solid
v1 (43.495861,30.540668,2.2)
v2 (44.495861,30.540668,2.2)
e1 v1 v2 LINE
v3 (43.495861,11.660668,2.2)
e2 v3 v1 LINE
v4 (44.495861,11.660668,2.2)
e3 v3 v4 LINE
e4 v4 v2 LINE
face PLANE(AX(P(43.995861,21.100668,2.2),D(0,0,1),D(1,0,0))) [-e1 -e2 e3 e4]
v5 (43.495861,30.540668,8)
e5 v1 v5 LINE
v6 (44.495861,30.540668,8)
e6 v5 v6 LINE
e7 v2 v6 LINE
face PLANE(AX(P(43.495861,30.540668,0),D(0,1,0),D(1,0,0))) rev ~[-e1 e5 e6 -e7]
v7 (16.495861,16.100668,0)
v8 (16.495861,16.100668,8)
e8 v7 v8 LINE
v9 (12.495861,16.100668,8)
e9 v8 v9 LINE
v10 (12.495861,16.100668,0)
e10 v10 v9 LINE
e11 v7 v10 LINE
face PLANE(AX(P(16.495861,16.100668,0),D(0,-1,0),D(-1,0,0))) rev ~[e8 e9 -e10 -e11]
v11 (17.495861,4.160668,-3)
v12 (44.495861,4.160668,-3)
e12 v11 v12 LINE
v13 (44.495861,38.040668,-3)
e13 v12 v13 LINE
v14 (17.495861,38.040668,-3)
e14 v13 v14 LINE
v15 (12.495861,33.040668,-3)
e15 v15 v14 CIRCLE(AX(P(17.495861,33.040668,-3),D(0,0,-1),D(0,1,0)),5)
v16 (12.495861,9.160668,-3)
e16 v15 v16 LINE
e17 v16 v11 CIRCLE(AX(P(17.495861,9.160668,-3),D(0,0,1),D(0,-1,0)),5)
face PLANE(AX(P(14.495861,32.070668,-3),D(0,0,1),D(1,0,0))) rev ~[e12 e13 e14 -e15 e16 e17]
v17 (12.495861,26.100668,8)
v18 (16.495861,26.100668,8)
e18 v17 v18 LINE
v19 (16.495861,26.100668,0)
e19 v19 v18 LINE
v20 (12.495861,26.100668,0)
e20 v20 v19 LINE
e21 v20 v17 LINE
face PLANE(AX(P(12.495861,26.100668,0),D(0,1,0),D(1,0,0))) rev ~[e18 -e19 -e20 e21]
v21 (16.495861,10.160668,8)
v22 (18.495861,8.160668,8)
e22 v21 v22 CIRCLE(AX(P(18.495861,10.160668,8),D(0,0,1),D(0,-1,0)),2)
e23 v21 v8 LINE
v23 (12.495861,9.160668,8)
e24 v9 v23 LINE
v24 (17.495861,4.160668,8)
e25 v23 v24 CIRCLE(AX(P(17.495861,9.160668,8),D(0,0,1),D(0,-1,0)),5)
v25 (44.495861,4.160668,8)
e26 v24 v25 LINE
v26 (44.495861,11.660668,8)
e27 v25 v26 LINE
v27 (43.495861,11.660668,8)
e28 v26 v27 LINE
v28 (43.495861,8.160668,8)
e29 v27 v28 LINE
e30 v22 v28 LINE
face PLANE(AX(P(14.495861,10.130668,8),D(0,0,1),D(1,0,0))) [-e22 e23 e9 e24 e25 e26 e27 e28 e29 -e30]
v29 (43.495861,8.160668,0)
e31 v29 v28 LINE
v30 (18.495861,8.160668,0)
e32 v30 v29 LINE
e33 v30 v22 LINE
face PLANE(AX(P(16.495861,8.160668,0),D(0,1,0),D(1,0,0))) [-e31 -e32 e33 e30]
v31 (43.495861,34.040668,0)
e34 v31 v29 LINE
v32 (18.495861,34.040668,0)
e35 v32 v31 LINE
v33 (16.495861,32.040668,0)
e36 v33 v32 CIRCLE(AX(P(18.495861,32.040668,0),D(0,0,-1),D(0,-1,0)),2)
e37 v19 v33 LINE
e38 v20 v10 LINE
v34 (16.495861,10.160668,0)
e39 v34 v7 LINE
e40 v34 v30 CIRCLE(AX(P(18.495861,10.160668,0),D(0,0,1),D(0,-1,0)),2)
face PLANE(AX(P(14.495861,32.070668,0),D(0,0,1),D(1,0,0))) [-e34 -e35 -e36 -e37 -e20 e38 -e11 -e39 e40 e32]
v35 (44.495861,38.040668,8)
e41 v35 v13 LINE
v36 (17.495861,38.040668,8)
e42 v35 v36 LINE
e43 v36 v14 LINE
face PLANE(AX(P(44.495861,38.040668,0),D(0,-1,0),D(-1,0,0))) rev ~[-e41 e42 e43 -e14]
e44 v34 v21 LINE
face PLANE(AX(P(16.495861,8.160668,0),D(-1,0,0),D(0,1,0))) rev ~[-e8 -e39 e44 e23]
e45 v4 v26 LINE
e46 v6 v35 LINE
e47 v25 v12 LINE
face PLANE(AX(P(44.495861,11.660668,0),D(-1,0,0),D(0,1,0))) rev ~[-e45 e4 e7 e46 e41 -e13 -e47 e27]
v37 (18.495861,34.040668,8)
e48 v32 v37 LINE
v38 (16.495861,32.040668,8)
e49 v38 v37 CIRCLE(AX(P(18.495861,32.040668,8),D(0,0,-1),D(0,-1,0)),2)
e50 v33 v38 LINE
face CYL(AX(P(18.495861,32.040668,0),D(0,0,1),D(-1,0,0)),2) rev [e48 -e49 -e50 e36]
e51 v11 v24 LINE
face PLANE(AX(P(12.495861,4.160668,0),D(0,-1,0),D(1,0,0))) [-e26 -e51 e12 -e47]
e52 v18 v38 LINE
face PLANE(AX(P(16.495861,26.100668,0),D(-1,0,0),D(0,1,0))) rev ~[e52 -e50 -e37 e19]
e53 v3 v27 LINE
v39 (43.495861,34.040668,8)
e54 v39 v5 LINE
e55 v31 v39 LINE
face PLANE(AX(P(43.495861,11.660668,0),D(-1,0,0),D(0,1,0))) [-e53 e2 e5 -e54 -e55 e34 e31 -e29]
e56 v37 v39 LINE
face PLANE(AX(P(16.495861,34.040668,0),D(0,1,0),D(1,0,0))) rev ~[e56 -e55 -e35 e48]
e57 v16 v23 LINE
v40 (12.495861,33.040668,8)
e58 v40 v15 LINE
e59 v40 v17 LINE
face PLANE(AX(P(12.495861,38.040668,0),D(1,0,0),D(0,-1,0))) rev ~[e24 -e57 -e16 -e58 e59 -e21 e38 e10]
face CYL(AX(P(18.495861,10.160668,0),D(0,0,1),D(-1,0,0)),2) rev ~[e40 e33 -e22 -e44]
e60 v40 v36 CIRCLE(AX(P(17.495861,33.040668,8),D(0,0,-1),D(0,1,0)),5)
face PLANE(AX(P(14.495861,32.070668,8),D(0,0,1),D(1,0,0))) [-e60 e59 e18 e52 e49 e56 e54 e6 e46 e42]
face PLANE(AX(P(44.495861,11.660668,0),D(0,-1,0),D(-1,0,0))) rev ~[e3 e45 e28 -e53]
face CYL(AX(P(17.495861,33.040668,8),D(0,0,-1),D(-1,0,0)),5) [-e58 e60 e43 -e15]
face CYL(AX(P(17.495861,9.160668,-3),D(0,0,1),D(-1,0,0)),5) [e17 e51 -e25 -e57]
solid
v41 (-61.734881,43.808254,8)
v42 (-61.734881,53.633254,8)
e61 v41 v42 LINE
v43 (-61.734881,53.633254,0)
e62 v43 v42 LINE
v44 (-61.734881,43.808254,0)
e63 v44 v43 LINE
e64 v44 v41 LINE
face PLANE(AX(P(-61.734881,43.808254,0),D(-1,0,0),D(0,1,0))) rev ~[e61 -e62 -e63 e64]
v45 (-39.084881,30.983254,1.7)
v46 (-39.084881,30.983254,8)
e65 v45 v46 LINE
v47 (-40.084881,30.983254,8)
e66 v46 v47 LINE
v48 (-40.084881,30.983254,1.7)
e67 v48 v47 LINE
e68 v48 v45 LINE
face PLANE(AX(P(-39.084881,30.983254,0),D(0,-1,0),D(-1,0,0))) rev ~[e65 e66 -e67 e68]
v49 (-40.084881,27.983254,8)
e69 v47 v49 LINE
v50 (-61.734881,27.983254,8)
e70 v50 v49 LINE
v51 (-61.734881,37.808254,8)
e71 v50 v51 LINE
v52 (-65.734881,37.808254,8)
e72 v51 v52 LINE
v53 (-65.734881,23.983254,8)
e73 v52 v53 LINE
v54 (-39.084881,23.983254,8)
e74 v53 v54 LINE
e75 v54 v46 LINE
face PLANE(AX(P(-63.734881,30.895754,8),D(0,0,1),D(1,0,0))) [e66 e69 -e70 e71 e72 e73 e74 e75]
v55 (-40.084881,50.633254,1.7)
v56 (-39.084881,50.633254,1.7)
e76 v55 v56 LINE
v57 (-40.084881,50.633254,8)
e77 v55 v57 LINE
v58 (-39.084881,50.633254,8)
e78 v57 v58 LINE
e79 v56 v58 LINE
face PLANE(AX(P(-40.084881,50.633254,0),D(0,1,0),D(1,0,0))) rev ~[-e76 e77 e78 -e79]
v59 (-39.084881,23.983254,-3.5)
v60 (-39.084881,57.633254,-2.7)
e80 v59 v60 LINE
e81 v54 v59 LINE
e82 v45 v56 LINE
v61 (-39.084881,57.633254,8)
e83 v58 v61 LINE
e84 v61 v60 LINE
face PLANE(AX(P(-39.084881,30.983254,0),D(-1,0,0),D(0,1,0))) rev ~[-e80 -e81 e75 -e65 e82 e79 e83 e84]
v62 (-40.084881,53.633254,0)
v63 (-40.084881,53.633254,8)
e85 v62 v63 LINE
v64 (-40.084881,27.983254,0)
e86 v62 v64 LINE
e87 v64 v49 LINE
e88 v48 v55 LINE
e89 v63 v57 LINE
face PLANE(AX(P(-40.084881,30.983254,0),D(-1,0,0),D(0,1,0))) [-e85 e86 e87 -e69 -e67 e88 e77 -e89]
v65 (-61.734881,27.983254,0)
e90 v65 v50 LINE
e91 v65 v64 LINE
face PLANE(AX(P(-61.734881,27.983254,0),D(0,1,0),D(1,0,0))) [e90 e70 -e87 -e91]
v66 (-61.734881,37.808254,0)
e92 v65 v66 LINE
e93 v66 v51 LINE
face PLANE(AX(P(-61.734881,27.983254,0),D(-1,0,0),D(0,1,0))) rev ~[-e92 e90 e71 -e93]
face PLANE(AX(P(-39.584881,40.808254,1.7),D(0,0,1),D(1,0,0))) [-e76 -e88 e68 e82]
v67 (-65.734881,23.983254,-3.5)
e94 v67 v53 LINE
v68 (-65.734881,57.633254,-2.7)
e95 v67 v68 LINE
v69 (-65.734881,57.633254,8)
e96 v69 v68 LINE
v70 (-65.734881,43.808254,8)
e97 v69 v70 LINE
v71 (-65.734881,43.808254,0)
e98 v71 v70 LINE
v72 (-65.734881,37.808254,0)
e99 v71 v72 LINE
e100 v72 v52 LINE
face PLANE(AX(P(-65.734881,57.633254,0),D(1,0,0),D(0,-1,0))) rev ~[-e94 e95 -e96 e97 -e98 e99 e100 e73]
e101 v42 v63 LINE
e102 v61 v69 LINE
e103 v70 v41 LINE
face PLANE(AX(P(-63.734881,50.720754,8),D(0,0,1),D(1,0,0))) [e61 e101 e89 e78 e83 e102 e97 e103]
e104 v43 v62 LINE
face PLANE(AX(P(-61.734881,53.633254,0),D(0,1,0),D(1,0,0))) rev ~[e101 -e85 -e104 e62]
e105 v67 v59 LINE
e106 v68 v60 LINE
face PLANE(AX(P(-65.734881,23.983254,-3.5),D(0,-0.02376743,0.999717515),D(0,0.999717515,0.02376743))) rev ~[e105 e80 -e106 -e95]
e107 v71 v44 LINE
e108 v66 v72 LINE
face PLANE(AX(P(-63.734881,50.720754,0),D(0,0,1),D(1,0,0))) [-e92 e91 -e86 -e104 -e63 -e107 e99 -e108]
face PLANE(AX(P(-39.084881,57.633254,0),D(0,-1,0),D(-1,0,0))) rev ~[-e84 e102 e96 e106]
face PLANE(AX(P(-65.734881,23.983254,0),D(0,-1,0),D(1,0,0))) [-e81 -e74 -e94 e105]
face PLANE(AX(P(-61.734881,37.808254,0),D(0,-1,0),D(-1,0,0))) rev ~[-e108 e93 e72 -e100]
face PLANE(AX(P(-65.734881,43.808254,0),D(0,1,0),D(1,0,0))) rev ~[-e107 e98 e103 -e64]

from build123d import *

# Parameters (mm, degrees)
F0_W     = 21.65
F0_H     = 4
F0_W_2   = 1
F0_H_2   = 19.65
F1_DEPTH = 6
F2_DEPTH = 8
F3_DEPTH = 1.7
F5_DEPTH = 26.65
F0_W_3   = 27
F0_H_3   = 18.88
F6_DEPTH = 3
F7_DEPTH = 8
F8_DEPTH = 2.2
F9_R     = 2
F10_R    = 5


with BuildPart() as f1:
    # F0 (on Top) → F1 (new body)
    with BuildSketch(Plane.XY):
        Polygon((-65.734881, 57.633254), (-65.734881, 43.808254), (-61.734881, 43.808254), (-61.734881, 53.633254), (-61.734881, 57.633254), align=None)
        with Locations((-50.909881, 55.633254)):
            Rectangle(F0_W, F0_H)
        Polygon((-61.734881, 43.808254), (-65.734881, 43.808254), (-65.734881, 37.808254), (-61.734881, 37.808254), (-61.734881, 27.983254), (-40.084881, 27.983254), (-40.084881, 30.983254), (-40.084881, 50.633254), (-40.084881, 53.633254), (-61.734881, 53.633254), align=None)
        Polygon((-61.734881, 37.808254), (-65.734881, 37.808254), (-65.734881, 23.983254), (-61.734881, 23.983254), (-61.734881, 27.983254), align=None)
        with Locations((-50.909881, 25.983254)):
            Rectangle(F0_W, F0_H)
        Polygon((-40.084881, 30.983254), (-40.084881, 27.983254), (-40.084881, 23.983254), (-39.084881, 23.983254), (-39.084881, 30.983254), align=None)
        with Locations((-39.584881, 40.808254)):
            Rectangle(F0_W_2, F0_H_2)
        Polygon((-40.084881, 57.633254), (-40.084881, 53.633254), (-40.084881, 50.633254), (-39.084881, 50.633254), (-39.084881, 57.633254), align=None)
    extrude(amount=-F1_DEPTH)

    # F0 (on Top) → F2 (join)
    with BuildSketch(Plane.XY):
        Polygon((-65.734881, 57.633254), (-65.734881, 43.808254), (-61.734881, 43.808254), (-61.734881, 53.633254), (-61.734881, 57.633254), align=None)
        with Locations((-50.909881, 55.633254)):
            Rectangle(F0_W, F0_H)
        Polygon((-61.734881, 37.808254), (-65.734881, 37.808254), (-65.734881, 23.983254), (-61.734881, 23.983254), (-61.734881, 27.983254), align=None)
        with Locations((-50.909881, 25.983254)):
            Rectangle(F0_W, F0_H)
        Polygon((-40.084881, 30.983254), (-40.084881, 27.983254), (-40.084881, 23.983254), (-39.084881, 23.983254), (-39.084881, 30.983254), align=None)
        Polygon((-40.084881, 57.633254), (-40.084881, 53.633254), (-40.084881, 50.633254), (-39.084881, 50.633254), (-39.084881, 57.633254), align=None)
    extrude(amount=F2_DEPTH)

    # F0 (on Top) → F3 (join)
    with BuildSketch(Plane.XY):
        with Locations((-39.584881, 40.808254)):
            Rectangle(F0_W_2, F0_H_2)
    extrude(amount=F3_DEPTH)

    # F4 (on face) → F5 (cut, through all)
    with BuildSketch(Plane(origin=(-65.734881, 0, 0), x_dir=(0, -1, 0), z_dir=(-1, 0, 0))):
        Polygon((-23.983254, -3.5), (-57.633254, -2.7), (-57.633254, -6), (-23.983254, -6), align=None)
    extrude(amount=-F5_DEPTH, mode=Mode.SUBTRACT)


with BuildPart() as f6:
    # F0 (on Top) → F6 (new body)
    with BuildSketch(Plane.XY):
        Polygon((12.495861, 38.040668), (12.495861, 26.100668), (16.495861, 26.100668), (16.495861, 34.040668), (16.495861, 38.040668), align=None)
        with Locations((29.995861, 36.040668)):
            Rectangle(F0_W_3, F0_H)
        Polygon((43.495861, 38.040668), (43.495861, 34.040668), (43.495861, 30.540668), (44.495861, 30.540668), (44.495861, 38.040668), align=None)
        with Locations((43.995861, 21.100668)):
            Rectangle(F0_W_2, F0_H_3)
        Polygon((43.495861, 11.660668), (43.495861, 8.160668), (43.495861, 4.160668), (44.495861, 4.160668), (44.495861, 11.660668), align=None)
        with Locations((29.995861, 6.160668)):
            Rectangle(F0_W_3, F0_H)
        Polygon((16.495861, 16.100668), (12.495861, 16.100668), (12.495861, 4.160668), (16.495861, 4.160668), (16.495861, 8.160668), align=None)
        Polygon((16.495861, 26.100668), (12.495861, 26.100668), (12.495861, 16.100668), (16.495861, 16.100668), (16.495861, 8.160668), (43.495861, 8.160668), (43.495861, 11.660668), (43.495861, 30.540668), (43.495861, 34.040668), (16.495861, 34.040668), align=None)
    extrude(amount=-F6_DEPTH)

    # F0 (on Top) → F7 (join)
    with BuildSketch(Plane.XY):
        Polygon((12.495861, 38.040668), (12.495861, 26.100668), (16.495861, 26.100668), (16.495861, 34.040668), (16.495861, 38.040668), align=None)
        with Locations((29.995861, 36.040668)):
            Rectangle(F0_W_3, F0_H)
        Polygon((16.495861, 16.100668), (12.495861, 16.100668), (12.495861, 4.160668), (16.495861, 4.160668), (16.495861, 8.160668), align=None)
        with Locations((29.995861, 6.160668)):
            Rectangle(F0_W_3, F0_H)
        Polygon((43.495861, 11.660668), (43.495861, 8.160668), (43.495861, 4.160668), (44.495861, 4.160668), (44.495861, 11.660668), align=None)
        Polygon((43.495861, 38.040668), (43.495861, 34.040668), (43.495861, 30.540668), (44.495861, 30.540668), (44.495861, 38.040668), align=None)
    extrude(amount=F7_DEPTH)

    # F0 (on Top) → F8 (join)
    with BuildSketch(Plane.XY):
        with Locations((43.995861, 21.100668)):
            Rectangle(F0_W_2, F0_H_3)
    extrude(amount=F8_DEPTH)

    # F9
    f9_edges = [f6.edges().sort_by_distance(p)[0] for p in [
        (16.495861, 34.040668, 4),
        (16.495861, 8.160668, 4),
    ]]
    fillet(f9_edges, radius=F9_R)

    # F10
    f10_edges = [f6.edges().sort_by_distance(p)[0] for p in [
        (12.495861, 38.040668, 2.5),
        (12.495861, 4.160668, 2.5),
    ]]
    fillet(f10_edges, radius=F10_R)


solid = Compound([f1.part, f6.part])
